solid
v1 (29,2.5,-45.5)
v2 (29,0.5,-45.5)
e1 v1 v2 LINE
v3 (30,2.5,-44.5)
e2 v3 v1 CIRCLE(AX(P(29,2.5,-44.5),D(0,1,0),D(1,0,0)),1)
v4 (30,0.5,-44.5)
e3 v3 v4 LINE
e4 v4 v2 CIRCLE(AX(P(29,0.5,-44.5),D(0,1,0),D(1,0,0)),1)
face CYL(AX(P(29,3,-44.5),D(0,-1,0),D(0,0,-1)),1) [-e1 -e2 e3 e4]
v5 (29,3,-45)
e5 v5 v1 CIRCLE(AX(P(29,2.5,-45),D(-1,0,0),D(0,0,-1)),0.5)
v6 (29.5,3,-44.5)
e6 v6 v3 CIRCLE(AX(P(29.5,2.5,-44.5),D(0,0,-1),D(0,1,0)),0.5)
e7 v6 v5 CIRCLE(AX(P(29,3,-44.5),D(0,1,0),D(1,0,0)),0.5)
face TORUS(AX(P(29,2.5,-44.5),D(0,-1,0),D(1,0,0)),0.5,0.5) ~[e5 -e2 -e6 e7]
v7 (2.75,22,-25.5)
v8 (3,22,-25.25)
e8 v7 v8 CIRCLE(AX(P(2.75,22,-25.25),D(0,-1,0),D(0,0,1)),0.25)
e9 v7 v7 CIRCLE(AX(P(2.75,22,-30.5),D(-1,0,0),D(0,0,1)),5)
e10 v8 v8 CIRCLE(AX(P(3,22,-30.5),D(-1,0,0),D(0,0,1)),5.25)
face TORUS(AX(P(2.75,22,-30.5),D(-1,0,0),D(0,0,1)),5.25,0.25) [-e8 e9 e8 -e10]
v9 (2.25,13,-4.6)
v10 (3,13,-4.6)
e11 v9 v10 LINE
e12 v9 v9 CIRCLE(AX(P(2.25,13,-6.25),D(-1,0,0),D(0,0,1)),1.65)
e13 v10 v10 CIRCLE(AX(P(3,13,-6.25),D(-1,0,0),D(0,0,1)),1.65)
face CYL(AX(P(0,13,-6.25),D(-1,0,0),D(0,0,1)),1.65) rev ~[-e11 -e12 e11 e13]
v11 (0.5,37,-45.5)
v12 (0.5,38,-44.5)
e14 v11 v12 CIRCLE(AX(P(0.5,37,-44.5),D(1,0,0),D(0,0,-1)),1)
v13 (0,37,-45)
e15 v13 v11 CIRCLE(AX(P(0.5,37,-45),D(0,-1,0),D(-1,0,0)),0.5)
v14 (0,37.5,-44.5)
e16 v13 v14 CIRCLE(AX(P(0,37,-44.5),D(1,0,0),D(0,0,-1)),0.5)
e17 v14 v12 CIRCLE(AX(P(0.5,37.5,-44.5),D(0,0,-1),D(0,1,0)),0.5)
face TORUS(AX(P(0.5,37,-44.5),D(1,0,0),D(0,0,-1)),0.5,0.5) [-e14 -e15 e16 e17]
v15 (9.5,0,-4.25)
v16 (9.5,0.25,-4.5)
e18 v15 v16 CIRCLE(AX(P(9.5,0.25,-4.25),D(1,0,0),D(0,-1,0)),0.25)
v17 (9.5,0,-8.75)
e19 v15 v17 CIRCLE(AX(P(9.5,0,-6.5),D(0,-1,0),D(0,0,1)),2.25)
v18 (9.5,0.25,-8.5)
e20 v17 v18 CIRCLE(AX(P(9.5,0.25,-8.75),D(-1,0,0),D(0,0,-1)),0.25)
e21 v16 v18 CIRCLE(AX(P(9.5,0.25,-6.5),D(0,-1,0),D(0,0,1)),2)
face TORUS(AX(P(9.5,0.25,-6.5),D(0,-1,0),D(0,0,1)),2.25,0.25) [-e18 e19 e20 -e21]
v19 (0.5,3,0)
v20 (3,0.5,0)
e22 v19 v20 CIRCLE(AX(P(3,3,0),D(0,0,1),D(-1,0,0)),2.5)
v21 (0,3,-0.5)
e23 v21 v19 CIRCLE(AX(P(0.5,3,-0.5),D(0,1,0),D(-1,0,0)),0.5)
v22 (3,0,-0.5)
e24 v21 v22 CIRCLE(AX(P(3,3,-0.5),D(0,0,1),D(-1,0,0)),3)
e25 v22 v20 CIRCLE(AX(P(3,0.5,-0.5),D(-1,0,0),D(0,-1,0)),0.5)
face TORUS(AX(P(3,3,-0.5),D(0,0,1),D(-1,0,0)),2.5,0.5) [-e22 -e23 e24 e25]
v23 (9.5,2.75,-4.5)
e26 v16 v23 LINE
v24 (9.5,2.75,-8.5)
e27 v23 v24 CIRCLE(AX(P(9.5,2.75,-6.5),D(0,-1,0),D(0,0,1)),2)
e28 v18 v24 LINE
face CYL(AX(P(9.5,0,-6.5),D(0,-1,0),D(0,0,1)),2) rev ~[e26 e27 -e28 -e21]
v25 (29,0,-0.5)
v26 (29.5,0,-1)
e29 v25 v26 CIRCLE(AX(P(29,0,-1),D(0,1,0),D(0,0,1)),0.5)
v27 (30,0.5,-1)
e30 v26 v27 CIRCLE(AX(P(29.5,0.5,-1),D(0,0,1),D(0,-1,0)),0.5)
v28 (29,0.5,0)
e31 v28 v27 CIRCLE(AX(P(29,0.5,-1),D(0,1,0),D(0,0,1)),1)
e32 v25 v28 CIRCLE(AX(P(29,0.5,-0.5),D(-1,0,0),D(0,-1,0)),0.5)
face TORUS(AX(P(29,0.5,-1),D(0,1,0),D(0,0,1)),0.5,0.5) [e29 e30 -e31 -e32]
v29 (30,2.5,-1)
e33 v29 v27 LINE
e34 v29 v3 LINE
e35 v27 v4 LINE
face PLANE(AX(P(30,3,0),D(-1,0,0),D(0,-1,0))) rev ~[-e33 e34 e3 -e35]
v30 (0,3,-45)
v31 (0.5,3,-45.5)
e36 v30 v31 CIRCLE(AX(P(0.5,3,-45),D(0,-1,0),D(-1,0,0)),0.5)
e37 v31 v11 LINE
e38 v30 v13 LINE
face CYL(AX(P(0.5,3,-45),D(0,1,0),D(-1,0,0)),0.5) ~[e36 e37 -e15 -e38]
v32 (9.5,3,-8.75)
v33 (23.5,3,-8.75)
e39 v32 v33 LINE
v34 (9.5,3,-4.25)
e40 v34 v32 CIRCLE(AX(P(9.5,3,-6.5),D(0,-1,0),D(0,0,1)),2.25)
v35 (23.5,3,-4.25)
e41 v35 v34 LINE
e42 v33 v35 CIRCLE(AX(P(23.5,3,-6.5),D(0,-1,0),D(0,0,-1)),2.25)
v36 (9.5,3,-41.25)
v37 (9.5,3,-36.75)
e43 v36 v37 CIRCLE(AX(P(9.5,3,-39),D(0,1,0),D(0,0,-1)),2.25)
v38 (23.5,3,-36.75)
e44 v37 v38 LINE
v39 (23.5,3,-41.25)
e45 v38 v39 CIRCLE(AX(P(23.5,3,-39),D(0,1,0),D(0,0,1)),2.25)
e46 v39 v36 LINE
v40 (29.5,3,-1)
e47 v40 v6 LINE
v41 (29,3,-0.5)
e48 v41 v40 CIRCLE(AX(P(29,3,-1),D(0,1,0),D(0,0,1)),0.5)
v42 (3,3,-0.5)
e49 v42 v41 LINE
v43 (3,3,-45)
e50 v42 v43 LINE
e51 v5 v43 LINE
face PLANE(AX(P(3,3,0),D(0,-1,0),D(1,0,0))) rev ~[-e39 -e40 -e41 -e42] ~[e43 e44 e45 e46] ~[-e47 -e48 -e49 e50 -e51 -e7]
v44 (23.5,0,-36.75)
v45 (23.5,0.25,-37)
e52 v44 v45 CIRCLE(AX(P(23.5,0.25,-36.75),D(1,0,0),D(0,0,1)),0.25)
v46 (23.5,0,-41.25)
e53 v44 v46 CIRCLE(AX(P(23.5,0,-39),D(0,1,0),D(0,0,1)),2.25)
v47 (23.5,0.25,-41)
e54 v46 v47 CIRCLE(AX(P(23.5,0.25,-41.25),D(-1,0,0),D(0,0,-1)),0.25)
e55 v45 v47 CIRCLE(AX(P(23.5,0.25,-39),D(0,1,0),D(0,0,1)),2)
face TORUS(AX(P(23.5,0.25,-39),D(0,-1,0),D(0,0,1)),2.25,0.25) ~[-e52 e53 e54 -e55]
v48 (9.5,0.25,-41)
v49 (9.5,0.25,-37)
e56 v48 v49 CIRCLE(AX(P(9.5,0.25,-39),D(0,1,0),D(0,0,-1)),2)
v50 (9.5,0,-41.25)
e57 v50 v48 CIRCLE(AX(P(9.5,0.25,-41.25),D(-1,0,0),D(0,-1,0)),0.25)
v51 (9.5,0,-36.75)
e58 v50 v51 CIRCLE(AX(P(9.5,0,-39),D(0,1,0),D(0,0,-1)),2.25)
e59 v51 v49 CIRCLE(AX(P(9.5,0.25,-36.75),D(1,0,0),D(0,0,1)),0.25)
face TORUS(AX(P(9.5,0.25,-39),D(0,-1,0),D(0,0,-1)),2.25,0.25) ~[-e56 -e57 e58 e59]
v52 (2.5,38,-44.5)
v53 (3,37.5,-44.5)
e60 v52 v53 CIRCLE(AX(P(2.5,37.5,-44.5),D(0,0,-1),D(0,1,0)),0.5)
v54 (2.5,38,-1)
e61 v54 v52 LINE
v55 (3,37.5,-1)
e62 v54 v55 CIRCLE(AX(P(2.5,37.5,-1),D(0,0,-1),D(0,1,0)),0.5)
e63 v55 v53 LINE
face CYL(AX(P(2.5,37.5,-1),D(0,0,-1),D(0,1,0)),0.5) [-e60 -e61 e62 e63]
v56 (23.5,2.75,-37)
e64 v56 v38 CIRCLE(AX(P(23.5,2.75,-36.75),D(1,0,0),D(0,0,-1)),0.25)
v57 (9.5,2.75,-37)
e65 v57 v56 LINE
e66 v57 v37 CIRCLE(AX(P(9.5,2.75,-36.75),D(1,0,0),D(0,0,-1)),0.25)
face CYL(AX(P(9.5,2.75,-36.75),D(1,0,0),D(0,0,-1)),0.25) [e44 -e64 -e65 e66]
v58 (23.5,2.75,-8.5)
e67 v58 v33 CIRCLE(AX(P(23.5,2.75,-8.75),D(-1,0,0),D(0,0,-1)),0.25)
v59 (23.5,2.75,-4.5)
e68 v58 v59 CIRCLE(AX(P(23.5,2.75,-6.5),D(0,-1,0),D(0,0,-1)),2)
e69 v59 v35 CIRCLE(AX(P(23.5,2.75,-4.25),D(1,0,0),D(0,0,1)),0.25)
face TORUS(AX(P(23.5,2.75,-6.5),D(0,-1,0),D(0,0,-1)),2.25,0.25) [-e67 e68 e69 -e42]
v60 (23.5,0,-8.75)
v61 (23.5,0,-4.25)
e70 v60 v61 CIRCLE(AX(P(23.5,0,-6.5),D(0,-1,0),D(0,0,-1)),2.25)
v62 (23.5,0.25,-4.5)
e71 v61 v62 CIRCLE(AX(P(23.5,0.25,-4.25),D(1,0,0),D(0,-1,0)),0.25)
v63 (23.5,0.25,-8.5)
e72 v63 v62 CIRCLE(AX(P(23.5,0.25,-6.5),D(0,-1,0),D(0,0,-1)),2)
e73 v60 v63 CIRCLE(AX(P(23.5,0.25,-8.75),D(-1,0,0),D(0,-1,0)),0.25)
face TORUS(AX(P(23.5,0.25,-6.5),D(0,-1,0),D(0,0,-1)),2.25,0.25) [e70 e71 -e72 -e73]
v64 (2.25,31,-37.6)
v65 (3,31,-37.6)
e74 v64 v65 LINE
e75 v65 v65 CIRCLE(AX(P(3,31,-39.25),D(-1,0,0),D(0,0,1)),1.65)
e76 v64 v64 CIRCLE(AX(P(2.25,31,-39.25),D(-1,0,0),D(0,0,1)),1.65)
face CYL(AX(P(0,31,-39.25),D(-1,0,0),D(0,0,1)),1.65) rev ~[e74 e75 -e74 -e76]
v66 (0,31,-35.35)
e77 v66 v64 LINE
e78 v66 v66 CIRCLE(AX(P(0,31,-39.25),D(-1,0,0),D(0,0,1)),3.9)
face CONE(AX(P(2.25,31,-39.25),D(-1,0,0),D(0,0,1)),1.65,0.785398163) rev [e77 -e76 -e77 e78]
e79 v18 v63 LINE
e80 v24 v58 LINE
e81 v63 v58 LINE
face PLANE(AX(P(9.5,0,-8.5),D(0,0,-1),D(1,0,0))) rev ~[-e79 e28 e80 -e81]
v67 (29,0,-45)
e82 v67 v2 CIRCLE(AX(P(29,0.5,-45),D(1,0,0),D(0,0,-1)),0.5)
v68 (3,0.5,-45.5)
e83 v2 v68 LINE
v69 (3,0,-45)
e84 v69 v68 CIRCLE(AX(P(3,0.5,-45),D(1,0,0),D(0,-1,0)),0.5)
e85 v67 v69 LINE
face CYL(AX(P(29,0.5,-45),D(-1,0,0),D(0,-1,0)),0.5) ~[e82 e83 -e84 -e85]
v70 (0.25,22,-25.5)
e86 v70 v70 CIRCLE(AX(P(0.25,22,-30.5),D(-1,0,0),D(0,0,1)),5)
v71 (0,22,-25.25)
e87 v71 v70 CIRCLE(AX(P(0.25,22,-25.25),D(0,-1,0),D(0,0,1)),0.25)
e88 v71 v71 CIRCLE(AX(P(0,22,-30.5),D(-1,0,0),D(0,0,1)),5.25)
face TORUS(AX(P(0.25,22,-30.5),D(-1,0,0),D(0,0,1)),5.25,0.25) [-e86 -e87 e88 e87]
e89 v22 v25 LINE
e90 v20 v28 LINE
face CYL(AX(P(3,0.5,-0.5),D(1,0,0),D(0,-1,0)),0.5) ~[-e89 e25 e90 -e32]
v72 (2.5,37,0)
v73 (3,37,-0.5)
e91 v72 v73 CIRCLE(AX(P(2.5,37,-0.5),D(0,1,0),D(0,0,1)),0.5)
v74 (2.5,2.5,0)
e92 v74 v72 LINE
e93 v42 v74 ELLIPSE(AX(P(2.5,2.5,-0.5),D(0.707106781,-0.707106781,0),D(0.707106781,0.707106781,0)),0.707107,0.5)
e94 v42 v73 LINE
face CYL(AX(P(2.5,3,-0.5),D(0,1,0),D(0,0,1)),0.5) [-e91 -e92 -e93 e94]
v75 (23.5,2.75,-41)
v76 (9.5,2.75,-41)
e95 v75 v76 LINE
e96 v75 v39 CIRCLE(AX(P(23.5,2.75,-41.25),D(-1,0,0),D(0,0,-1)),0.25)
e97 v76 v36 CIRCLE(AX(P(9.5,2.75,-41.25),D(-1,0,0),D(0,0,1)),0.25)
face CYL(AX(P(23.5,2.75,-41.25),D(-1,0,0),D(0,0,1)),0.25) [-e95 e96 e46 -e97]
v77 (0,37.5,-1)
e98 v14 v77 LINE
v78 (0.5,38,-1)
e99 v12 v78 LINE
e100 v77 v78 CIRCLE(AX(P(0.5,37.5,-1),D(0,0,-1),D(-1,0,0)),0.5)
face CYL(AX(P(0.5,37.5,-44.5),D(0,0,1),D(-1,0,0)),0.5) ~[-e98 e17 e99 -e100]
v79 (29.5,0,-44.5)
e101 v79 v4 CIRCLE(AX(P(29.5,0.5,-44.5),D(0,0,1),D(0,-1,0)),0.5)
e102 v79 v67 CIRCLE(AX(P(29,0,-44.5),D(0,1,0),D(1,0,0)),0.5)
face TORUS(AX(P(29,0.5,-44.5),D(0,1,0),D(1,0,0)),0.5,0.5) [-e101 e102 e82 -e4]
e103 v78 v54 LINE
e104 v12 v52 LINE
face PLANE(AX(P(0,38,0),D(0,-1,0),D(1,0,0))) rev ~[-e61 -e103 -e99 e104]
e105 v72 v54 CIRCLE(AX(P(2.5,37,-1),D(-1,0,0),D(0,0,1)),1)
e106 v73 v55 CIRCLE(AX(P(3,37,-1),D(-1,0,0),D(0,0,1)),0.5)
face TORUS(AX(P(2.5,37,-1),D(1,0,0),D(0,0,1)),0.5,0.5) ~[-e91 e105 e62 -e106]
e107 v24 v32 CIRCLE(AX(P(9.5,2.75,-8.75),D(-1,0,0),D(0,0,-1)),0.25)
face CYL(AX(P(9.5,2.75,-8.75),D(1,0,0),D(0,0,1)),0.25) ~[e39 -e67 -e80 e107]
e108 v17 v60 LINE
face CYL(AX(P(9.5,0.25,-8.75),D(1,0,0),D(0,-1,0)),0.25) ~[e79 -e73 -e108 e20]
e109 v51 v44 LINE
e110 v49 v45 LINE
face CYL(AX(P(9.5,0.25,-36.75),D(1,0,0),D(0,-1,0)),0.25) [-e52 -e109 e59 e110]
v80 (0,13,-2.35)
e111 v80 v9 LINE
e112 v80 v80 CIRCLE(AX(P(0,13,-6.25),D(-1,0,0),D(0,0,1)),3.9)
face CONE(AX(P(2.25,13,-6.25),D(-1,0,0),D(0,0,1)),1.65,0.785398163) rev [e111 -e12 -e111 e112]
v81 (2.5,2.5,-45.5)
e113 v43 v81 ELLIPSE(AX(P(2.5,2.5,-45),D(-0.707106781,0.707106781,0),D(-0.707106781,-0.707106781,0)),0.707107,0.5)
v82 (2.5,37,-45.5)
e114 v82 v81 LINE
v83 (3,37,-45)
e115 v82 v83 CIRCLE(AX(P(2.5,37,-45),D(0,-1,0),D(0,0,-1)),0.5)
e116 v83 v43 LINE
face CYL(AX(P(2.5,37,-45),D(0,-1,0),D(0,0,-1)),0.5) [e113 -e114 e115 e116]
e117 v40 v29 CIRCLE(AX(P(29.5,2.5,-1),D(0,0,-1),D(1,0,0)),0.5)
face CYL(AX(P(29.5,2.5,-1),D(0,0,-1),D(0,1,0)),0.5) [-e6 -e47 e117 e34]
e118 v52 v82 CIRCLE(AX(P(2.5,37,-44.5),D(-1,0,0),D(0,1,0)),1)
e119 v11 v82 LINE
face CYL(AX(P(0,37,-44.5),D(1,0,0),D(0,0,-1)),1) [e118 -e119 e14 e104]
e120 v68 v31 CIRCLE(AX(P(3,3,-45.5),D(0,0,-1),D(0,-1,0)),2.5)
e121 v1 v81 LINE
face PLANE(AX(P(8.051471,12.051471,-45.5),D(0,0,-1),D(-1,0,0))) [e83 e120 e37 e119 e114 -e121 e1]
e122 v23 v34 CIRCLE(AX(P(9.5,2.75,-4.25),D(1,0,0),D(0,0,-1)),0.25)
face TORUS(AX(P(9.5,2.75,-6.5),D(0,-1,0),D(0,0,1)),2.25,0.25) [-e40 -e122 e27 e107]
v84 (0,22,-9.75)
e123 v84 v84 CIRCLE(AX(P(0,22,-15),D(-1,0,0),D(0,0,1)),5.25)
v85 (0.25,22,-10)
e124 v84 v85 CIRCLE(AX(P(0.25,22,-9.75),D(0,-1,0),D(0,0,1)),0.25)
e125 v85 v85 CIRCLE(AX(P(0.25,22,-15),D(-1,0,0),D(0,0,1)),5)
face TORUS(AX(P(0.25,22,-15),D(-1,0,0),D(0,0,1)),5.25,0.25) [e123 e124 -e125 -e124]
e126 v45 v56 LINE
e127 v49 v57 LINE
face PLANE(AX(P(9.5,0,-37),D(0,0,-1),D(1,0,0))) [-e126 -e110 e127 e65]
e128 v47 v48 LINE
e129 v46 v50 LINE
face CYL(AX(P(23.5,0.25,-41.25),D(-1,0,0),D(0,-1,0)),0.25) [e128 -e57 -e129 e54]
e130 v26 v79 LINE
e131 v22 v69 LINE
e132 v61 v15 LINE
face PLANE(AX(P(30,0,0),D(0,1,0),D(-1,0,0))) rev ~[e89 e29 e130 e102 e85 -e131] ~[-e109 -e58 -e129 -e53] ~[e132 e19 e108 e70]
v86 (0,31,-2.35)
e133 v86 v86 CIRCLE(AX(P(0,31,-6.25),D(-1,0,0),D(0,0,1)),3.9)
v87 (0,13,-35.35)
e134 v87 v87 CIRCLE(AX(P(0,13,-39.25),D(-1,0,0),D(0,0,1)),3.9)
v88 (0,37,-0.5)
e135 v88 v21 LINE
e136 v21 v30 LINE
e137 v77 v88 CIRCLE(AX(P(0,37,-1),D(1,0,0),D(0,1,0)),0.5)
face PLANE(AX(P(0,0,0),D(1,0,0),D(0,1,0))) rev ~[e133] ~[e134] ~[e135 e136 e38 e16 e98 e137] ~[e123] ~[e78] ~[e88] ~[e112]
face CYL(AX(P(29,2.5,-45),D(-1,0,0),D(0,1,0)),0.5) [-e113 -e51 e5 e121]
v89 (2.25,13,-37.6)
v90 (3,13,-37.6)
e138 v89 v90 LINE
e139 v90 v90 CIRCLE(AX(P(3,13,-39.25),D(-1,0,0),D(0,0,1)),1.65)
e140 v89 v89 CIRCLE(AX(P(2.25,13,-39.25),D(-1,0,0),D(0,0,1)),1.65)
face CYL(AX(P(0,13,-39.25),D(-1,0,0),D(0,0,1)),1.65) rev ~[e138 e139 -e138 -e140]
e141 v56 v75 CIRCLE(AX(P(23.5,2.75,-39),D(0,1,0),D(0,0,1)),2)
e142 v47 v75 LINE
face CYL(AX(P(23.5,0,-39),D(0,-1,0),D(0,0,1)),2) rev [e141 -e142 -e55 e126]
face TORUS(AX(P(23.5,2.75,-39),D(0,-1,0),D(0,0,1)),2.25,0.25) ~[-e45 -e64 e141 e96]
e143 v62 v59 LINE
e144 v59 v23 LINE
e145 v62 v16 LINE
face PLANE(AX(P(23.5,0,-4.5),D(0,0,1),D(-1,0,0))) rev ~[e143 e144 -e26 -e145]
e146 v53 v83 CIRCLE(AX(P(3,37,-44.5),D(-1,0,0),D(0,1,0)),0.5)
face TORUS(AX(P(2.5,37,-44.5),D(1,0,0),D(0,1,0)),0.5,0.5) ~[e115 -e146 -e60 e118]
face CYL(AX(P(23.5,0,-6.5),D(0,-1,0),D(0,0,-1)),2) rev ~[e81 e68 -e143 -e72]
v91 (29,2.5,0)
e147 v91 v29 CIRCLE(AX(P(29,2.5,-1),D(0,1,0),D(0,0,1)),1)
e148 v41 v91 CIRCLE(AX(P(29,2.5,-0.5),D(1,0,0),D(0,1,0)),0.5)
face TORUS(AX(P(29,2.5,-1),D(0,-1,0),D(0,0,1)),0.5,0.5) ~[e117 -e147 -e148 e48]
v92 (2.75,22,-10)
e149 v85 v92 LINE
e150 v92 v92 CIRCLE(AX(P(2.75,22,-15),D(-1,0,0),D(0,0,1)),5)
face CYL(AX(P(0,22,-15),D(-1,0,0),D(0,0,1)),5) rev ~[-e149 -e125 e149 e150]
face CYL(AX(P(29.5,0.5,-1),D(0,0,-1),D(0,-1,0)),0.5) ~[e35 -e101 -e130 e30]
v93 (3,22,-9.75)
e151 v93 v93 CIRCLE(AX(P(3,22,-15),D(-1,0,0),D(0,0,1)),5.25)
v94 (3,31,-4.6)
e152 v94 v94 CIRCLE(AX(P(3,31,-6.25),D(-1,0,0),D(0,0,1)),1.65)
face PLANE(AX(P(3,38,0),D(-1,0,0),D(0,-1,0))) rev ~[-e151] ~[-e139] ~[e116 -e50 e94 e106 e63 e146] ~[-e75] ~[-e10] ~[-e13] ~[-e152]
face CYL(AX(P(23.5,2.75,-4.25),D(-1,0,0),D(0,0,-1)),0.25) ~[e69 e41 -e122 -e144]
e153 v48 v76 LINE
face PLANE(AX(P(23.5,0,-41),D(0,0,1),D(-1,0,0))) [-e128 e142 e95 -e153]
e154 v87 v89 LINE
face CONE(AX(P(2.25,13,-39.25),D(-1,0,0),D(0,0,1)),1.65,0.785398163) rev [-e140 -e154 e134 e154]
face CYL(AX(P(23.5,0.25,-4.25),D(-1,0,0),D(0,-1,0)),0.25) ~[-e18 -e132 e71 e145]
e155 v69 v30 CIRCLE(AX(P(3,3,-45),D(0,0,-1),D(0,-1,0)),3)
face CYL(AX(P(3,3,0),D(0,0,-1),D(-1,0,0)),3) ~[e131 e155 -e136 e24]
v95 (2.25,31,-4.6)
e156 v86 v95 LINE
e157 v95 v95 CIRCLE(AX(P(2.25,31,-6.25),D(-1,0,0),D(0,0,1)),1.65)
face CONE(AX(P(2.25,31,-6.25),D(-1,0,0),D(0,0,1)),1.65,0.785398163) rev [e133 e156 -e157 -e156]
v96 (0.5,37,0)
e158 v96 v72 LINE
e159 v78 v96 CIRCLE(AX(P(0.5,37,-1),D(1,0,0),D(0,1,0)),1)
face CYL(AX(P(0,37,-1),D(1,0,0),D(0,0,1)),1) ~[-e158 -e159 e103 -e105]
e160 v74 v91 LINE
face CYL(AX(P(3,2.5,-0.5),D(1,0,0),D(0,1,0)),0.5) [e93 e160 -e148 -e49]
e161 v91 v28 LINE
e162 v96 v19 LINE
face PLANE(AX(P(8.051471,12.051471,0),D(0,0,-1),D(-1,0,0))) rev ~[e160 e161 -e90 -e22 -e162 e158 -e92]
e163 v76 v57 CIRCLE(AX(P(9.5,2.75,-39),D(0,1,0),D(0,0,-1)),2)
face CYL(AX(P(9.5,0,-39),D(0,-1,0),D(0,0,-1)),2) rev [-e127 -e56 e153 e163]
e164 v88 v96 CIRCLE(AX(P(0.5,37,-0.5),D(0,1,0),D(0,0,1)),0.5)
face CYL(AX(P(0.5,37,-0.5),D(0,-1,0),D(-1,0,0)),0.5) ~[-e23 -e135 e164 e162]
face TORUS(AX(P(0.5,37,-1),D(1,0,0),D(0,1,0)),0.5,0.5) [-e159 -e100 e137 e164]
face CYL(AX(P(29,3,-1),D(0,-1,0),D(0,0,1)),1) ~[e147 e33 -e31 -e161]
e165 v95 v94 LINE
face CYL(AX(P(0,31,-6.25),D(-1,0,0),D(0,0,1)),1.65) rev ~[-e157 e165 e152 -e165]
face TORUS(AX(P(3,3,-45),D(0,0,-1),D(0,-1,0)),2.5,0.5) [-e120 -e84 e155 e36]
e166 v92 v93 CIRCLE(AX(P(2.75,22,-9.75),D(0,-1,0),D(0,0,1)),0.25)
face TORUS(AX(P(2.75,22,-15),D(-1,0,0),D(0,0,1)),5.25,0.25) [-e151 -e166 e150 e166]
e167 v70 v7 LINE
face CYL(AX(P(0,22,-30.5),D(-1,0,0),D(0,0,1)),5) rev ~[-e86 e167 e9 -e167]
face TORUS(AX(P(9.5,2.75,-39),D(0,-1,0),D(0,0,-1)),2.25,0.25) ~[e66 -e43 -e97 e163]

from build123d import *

# Parameters (mm, degrees)
EXTRUDE_1_DEPTH     = 45.5
SKETCH_3_R          = 1.65
SKETCH_3_R_2        = 5
CUT_EXTRUDE_1_DEPTH = 67.439822396
CHAMFER_2_SIZE      = 2.25
CUT_EXTRUDE_2_DEPTH = 67.439822396
FILLET_1_R          = 1
FILLET_2_R          = 3
FILLET_3_R          = 0.5
FILLET_4_R          = 0.25


with BuildPart() as part:
    # 草图2 → 凸台-拉伸1 (new body)
    with BuildSketch(Plane.XY):
        Polygon((0, 0), (0, 38), (3, 38), (3, 3), (30, 3), (30, 0), align=None)
    extrude(amount=-EXTRUDE_1_DEPTH)

    # 草图3 → 切除-拉伸1 (cut, through all)
    with BuildSketch(Plane.ZY):
        with Locations((-39.25, 31)):
            Circle(SKETCH_3_R)
        with Locations((-30.5, 22)):
            Circle(SKETCH_3_R_2)
        with Locations((-39.25, 13)):
            Circle(SKETCH_3_R)
        with Locations((-15, 22)):
            Circle(SKETCH_3_R_2)
        with Locations((-6.25, 13)):
            Circle(SKETCH_3_R)
        with Locations((-6.25, 31)):
            Circle(SKETCH_3_R)
    extrude(amount=-CUT_EXTRUDE_1_DEPTH, mode=Mode.SUBTRACT)

    # 倒角2
    chamfer_2_edges = [part.edges().sort_by_distance(p)[0] for p in [
        (0, 31, -7.9),
        (0, 13, -7.9),
        (0, 13, -40.9),
        (0, 31, -40.9),
    ]]
    chamfer(chamfer_2_edges, length=CHAMFER_2_SIZE)

    # 草图4 → 切除-拉伸2 (cut, through all)
    with BuildSketch(Plane.XZ):
        with BuildLine():
            ThreePointArc((23.5, -37), (25.5, -39), (23.5, -41))
            Line((23.5, -41), (9.5, -41))
            ThreePointArc((9.5, -41), (7.5, -39), (9.5, -37))
            Line((9.5, -37), (23.5, -37))
        make_face()
        with BuildLine():
            Line((9.5, -8.5), (23.5, -8.5))
            ThreePointArc((23.5, -8.5), (25.5, -6.5), (23.5, -4.5))
            Line((23.5, -4.5), (9.5, -4.5))
            ThreePointArc((9.5, -4.5), (7.5, -6.5), (9.5, -8.5))
        make_face()
    extrude(amount=-CUT_EXTRUDE_2_DEPTH, mode=Mode.SUBTRACT)

    # 圆角1
    fillet_1_edges = [part.edges().sort_by_distance(p)[0] for p in [
        (1.5, 38, -45.5),
        (1.5, 38, 0),
        (30, 1.5, 0),
        (30, 1.5, -45.5),
    ]]
    fillet(fillet_1_edges, radius=FILLET_1_R)

    # 圆角2
    fillet_2_edges = [part.edges().sort_by_distance(p)[0] for p in [
        (0, 0, -22.75),
    ]]
    fillet(fillet_2_edges, radius=FILLET_2_R)

    # 圆角3
    fillet_3_edges = [part.edges().sort_by_distance(p)[0] for p in [
        (30, 0, -22.75),
        (30, 3, -22.75),
        (16, 3, 0),
        (16, 3, -45.5),
        (29.707106781, 3, -0.292893219),
        (29.707106781, 3, -45.207106781),
        (0, 20, -45.5),
        (29.707106781, 0, -0.292893219),
        (29.707106781, 0, -45.207106781),
        (0, 20, 0),
        (3, 38, -22.75),
        (0, 38, -22.75),
        (0, 37.707106781, -0.292893219),
        (0, 37.707106781, -45.207106781),
        (3, 37.707106781, -0.292893219),
        (3, 37.707106781, -45.207106781),
        (16, 0, 0),
        (0.878679656, 0.878679656, 0),
        (16, 0, -45.5),
        (0.878679656, 0.878679656, -45.5),
        (3, 20, -45.5),
        (3, 20, 0),
    ]]
    fillet(fillet_3_edges, radius=FILLET_3_R)

    # 圆角4
    fillet_4_edges = [part.edges().sort_by_distance(p)[0] for p in [
        (3, 22, -20),
        (0, 22, -20),
        (3, 22, -35.5),
        (0, 22, -35.5),
        (25.5, 3, -6.5),
        (16.5, 3, -4.5),
        (7.5, 3, -6.5),
        (16.5, 3, -8.5),
        (16.5, 3, -37),
        (7.5, 3, -39),
        (16.5, 3, -41),
        (25.5, 3, -39),
        (25.5, 0, -39),
        (7.5, 0, -39),
        (16.5, 0, -37),
        (16.5, 0, -41),
        (16.5, 0, -4.5),
        (16.5, 0, -8.5),
        (25.5, 0, -6.5),
        (7.5, 0, -6.5),
    ]]
    fillet(fillet_4_edges, radius=FILLET_4_R)


solid = part.part
